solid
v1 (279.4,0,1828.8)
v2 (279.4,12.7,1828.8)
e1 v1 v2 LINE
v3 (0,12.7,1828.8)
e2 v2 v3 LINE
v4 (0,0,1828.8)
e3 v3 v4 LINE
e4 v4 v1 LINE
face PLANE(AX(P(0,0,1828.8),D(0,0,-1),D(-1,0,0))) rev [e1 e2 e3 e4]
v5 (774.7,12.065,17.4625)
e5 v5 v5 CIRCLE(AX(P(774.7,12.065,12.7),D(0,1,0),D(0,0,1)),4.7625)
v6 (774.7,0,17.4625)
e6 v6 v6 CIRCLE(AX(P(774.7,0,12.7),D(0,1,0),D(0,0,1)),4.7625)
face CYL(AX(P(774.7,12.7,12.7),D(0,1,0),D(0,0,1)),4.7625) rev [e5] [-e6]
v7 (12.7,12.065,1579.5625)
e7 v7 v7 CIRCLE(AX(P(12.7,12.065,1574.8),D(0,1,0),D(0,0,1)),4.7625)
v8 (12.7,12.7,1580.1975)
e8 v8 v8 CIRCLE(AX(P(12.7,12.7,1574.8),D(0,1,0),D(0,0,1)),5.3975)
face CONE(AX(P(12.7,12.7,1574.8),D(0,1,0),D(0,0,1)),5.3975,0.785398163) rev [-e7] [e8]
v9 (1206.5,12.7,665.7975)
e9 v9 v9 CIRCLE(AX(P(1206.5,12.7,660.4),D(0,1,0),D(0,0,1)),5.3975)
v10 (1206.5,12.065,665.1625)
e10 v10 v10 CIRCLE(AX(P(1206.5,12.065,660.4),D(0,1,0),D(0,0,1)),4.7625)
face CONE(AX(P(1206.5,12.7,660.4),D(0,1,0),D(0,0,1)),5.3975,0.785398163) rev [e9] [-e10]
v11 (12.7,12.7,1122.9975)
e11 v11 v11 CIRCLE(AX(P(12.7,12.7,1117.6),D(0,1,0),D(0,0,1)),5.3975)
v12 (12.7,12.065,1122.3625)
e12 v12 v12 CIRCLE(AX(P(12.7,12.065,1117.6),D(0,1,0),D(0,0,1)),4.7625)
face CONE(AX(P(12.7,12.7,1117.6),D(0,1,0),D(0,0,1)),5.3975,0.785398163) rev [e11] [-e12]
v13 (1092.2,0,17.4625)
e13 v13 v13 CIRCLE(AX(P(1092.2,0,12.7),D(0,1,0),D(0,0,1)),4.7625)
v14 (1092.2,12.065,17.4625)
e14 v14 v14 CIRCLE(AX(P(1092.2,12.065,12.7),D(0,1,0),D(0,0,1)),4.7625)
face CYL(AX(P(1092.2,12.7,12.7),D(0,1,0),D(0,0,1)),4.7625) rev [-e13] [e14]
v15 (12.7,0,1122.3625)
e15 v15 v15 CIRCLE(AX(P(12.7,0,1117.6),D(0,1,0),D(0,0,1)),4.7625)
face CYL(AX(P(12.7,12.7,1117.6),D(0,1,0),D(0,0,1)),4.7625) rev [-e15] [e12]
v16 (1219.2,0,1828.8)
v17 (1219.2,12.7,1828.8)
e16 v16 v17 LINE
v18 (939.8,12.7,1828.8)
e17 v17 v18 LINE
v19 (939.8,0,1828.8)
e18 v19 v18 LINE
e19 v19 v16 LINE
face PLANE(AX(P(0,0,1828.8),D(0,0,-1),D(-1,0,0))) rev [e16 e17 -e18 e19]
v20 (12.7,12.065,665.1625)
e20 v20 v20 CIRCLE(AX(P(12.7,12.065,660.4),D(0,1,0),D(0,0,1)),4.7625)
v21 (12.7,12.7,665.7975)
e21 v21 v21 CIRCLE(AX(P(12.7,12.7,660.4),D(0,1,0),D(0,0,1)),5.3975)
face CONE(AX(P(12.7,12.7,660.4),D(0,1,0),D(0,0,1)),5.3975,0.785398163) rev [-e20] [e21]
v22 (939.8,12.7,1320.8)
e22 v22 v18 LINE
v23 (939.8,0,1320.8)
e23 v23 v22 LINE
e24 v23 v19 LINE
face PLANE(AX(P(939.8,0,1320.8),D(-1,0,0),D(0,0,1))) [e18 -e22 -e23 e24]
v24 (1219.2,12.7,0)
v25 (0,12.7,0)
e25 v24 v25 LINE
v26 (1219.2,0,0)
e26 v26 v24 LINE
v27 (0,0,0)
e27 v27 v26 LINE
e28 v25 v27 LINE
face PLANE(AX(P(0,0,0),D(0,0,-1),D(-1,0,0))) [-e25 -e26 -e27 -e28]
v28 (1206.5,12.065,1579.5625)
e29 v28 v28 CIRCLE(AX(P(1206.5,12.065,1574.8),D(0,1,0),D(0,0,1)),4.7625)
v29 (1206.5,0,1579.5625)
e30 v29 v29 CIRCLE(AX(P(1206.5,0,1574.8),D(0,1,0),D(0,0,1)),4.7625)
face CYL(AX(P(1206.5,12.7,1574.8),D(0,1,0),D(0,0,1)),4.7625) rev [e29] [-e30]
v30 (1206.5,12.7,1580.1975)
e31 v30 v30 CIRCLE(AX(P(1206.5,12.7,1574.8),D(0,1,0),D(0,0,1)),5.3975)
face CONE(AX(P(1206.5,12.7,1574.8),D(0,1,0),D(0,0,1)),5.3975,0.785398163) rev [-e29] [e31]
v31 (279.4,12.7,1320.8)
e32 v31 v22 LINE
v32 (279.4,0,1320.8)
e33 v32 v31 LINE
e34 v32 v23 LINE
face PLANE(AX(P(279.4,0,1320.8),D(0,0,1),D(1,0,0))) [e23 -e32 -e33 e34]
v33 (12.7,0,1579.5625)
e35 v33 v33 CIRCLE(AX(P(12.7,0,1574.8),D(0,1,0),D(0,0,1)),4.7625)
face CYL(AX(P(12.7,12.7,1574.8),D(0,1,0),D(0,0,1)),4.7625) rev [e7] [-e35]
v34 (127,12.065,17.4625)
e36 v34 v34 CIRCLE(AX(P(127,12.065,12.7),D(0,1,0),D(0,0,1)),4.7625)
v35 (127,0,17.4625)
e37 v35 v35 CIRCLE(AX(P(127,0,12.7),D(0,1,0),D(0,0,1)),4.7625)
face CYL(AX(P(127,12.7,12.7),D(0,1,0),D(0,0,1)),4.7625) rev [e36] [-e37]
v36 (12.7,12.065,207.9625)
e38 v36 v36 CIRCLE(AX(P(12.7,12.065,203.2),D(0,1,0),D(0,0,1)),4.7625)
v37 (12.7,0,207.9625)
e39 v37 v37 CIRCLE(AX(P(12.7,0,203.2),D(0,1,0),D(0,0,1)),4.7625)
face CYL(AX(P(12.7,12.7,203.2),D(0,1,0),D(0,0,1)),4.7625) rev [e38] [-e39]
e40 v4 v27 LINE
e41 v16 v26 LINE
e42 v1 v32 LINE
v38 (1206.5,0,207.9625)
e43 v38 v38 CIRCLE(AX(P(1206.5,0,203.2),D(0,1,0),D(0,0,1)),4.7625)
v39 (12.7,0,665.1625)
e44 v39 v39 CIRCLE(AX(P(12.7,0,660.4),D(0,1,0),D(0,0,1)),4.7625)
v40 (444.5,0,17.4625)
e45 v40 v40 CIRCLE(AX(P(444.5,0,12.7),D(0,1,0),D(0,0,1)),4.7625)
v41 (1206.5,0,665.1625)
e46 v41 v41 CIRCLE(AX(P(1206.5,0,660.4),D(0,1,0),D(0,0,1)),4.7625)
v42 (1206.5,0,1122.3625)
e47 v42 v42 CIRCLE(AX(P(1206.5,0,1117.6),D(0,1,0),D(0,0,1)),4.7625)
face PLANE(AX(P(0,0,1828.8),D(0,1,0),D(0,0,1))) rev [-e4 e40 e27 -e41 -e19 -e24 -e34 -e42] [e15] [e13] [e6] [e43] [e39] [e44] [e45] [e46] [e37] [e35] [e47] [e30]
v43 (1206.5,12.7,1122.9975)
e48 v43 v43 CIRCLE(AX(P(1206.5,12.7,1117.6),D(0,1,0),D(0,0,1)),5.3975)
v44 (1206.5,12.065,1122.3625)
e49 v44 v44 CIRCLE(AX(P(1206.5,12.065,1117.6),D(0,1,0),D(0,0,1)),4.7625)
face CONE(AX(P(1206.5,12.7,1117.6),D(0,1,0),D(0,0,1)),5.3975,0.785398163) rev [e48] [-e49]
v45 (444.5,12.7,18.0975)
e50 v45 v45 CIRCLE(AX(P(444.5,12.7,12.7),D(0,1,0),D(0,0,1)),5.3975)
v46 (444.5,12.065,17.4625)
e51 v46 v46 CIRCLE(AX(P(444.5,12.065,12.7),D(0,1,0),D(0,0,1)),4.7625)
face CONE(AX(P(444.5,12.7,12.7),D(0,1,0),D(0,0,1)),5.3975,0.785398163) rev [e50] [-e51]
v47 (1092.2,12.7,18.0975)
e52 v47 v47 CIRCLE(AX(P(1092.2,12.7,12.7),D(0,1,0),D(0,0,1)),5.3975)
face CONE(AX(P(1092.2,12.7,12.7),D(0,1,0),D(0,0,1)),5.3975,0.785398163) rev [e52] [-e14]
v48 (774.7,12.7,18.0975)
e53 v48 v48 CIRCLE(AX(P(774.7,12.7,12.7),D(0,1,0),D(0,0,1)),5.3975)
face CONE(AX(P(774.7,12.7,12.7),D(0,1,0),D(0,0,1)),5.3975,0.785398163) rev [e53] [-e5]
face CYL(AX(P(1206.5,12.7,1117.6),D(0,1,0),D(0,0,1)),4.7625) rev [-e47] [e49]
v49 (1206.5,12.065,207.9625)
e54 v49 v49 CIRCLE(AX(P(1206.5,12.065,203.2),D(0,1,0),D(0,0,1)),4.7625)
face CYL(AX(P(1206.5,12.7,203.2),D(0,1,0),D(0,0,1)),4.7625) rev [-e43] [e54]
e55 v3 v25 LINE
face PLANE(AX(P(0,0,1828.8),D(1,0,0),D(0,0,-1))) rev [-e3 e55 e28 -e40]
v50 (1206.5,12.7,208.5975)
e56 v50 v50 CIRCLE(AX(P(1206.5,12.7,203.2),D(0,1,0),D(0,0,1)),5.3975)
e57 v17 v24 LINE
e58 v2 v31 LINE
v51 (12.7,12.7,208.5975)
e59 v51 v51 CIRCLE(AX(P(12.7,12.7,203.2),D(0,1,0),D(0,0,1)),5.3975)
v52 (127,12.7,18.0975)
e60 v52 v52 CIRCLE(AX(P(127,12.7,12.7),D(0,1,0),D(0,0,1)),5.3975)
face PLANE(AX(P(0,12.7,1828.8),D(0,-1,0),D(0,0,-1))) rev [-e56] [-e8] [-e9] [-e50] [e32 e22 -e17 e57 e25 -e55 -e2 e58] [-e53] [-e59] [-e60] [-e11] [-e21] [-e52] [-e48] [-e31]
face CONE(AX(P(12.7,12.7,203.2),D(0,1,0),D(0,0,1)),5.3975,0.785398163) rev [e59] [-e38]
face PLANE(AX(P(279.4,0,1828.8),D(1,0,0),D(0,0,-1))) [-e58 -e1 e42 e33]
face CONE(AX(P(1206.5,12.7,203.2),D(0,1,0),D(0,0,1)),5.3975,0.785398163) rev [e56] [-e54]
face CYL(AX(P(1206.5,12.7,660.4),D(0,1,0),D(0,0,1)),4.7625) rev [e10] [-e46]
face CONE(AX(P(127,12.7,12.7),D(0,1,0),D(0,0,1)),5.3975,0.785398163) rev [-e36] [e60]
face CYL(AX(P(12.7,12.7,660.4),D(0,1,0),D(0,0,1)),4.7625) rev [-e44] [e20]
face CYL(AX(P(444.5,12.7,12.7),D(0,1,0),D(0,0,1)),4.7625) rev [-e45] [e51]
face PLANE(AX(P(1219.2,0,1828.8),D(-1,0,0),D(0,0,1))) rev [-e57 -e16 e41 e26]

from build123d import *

# Parameters (mm, degrees)
SKETCH1_W                              = 1219.2
SKETCH1_H                              = 12.7
BOSS_EXTRUDE1_DEPTH                    = 1828.8
SKETCH2_W                              = 660.4
SKETCH2_H                              = 508
CUT_EXTRUDE1_DEPTH                     = 13.7
F_3_8_0_375_DIAMETER_HOLE1_D           = 9.525
F_3_8_0_375_DIAMETER_HOLE1_CSINK_D     = 10.795
F_3_8_0_375_DIAMETER_HOLE1_CSINK_ANGLE = 90


with BuildPart() as part:
    # Sketch1 → Boss-Extrude1 (new body)
    with BuildSketch(Plane.XY):
        with Locations((609.6, 6.35)):
            Rectangle(SKETCH1_W, SKETCH1_H)
    extrude(amount=BOSS_EXTRUDE1_DEPTH)

    # Sketch2 → Cut-Extrude1 (cut, through all)
    with BuildSketch(Plane(origin=(0, 12.7, 0), x_dir=(1, 0, 0), z_dir=(0, 1, 0))):
        with Locations((609.6, -1574.8)):
            Rectangle(SKETCH2_W, SKETCH2_H)
    extrude(amount=-CUT_EXTRUDE1_DEPTH, mode=Mode.SUBTRACT)

    # 3/8 (0.375) Diameter Hole1 (through all)
    with Locations(Plane(origin=(0, 12.7, 0), x_dir=(1, 0, 0), z_dir=(0, 1, 0))):
        with Locations((1206.5, -1574.8), (1206.5, -1117.6), (1206.5, -660.4), (1206.5, -203.2), (12.7, -1574.8), (12.7, -1117.6), (12.7, -660.4), (12.7, -203.2), (444.5, -12.7), (127, -12.7), (1092.2, -12.7), (774.7, -12.7)):
            CounterSinkHole(F_3_8_0_375_DIAMETER_HOLE1_D / 2, F_3_8_0_375_DIAMETER_HOLE1_CSINK_D / 2, counter_sink_angle=F_3_8_0_375_DIAMETER_HOLE1_CSINK_ANGLE)


solid = part.part
